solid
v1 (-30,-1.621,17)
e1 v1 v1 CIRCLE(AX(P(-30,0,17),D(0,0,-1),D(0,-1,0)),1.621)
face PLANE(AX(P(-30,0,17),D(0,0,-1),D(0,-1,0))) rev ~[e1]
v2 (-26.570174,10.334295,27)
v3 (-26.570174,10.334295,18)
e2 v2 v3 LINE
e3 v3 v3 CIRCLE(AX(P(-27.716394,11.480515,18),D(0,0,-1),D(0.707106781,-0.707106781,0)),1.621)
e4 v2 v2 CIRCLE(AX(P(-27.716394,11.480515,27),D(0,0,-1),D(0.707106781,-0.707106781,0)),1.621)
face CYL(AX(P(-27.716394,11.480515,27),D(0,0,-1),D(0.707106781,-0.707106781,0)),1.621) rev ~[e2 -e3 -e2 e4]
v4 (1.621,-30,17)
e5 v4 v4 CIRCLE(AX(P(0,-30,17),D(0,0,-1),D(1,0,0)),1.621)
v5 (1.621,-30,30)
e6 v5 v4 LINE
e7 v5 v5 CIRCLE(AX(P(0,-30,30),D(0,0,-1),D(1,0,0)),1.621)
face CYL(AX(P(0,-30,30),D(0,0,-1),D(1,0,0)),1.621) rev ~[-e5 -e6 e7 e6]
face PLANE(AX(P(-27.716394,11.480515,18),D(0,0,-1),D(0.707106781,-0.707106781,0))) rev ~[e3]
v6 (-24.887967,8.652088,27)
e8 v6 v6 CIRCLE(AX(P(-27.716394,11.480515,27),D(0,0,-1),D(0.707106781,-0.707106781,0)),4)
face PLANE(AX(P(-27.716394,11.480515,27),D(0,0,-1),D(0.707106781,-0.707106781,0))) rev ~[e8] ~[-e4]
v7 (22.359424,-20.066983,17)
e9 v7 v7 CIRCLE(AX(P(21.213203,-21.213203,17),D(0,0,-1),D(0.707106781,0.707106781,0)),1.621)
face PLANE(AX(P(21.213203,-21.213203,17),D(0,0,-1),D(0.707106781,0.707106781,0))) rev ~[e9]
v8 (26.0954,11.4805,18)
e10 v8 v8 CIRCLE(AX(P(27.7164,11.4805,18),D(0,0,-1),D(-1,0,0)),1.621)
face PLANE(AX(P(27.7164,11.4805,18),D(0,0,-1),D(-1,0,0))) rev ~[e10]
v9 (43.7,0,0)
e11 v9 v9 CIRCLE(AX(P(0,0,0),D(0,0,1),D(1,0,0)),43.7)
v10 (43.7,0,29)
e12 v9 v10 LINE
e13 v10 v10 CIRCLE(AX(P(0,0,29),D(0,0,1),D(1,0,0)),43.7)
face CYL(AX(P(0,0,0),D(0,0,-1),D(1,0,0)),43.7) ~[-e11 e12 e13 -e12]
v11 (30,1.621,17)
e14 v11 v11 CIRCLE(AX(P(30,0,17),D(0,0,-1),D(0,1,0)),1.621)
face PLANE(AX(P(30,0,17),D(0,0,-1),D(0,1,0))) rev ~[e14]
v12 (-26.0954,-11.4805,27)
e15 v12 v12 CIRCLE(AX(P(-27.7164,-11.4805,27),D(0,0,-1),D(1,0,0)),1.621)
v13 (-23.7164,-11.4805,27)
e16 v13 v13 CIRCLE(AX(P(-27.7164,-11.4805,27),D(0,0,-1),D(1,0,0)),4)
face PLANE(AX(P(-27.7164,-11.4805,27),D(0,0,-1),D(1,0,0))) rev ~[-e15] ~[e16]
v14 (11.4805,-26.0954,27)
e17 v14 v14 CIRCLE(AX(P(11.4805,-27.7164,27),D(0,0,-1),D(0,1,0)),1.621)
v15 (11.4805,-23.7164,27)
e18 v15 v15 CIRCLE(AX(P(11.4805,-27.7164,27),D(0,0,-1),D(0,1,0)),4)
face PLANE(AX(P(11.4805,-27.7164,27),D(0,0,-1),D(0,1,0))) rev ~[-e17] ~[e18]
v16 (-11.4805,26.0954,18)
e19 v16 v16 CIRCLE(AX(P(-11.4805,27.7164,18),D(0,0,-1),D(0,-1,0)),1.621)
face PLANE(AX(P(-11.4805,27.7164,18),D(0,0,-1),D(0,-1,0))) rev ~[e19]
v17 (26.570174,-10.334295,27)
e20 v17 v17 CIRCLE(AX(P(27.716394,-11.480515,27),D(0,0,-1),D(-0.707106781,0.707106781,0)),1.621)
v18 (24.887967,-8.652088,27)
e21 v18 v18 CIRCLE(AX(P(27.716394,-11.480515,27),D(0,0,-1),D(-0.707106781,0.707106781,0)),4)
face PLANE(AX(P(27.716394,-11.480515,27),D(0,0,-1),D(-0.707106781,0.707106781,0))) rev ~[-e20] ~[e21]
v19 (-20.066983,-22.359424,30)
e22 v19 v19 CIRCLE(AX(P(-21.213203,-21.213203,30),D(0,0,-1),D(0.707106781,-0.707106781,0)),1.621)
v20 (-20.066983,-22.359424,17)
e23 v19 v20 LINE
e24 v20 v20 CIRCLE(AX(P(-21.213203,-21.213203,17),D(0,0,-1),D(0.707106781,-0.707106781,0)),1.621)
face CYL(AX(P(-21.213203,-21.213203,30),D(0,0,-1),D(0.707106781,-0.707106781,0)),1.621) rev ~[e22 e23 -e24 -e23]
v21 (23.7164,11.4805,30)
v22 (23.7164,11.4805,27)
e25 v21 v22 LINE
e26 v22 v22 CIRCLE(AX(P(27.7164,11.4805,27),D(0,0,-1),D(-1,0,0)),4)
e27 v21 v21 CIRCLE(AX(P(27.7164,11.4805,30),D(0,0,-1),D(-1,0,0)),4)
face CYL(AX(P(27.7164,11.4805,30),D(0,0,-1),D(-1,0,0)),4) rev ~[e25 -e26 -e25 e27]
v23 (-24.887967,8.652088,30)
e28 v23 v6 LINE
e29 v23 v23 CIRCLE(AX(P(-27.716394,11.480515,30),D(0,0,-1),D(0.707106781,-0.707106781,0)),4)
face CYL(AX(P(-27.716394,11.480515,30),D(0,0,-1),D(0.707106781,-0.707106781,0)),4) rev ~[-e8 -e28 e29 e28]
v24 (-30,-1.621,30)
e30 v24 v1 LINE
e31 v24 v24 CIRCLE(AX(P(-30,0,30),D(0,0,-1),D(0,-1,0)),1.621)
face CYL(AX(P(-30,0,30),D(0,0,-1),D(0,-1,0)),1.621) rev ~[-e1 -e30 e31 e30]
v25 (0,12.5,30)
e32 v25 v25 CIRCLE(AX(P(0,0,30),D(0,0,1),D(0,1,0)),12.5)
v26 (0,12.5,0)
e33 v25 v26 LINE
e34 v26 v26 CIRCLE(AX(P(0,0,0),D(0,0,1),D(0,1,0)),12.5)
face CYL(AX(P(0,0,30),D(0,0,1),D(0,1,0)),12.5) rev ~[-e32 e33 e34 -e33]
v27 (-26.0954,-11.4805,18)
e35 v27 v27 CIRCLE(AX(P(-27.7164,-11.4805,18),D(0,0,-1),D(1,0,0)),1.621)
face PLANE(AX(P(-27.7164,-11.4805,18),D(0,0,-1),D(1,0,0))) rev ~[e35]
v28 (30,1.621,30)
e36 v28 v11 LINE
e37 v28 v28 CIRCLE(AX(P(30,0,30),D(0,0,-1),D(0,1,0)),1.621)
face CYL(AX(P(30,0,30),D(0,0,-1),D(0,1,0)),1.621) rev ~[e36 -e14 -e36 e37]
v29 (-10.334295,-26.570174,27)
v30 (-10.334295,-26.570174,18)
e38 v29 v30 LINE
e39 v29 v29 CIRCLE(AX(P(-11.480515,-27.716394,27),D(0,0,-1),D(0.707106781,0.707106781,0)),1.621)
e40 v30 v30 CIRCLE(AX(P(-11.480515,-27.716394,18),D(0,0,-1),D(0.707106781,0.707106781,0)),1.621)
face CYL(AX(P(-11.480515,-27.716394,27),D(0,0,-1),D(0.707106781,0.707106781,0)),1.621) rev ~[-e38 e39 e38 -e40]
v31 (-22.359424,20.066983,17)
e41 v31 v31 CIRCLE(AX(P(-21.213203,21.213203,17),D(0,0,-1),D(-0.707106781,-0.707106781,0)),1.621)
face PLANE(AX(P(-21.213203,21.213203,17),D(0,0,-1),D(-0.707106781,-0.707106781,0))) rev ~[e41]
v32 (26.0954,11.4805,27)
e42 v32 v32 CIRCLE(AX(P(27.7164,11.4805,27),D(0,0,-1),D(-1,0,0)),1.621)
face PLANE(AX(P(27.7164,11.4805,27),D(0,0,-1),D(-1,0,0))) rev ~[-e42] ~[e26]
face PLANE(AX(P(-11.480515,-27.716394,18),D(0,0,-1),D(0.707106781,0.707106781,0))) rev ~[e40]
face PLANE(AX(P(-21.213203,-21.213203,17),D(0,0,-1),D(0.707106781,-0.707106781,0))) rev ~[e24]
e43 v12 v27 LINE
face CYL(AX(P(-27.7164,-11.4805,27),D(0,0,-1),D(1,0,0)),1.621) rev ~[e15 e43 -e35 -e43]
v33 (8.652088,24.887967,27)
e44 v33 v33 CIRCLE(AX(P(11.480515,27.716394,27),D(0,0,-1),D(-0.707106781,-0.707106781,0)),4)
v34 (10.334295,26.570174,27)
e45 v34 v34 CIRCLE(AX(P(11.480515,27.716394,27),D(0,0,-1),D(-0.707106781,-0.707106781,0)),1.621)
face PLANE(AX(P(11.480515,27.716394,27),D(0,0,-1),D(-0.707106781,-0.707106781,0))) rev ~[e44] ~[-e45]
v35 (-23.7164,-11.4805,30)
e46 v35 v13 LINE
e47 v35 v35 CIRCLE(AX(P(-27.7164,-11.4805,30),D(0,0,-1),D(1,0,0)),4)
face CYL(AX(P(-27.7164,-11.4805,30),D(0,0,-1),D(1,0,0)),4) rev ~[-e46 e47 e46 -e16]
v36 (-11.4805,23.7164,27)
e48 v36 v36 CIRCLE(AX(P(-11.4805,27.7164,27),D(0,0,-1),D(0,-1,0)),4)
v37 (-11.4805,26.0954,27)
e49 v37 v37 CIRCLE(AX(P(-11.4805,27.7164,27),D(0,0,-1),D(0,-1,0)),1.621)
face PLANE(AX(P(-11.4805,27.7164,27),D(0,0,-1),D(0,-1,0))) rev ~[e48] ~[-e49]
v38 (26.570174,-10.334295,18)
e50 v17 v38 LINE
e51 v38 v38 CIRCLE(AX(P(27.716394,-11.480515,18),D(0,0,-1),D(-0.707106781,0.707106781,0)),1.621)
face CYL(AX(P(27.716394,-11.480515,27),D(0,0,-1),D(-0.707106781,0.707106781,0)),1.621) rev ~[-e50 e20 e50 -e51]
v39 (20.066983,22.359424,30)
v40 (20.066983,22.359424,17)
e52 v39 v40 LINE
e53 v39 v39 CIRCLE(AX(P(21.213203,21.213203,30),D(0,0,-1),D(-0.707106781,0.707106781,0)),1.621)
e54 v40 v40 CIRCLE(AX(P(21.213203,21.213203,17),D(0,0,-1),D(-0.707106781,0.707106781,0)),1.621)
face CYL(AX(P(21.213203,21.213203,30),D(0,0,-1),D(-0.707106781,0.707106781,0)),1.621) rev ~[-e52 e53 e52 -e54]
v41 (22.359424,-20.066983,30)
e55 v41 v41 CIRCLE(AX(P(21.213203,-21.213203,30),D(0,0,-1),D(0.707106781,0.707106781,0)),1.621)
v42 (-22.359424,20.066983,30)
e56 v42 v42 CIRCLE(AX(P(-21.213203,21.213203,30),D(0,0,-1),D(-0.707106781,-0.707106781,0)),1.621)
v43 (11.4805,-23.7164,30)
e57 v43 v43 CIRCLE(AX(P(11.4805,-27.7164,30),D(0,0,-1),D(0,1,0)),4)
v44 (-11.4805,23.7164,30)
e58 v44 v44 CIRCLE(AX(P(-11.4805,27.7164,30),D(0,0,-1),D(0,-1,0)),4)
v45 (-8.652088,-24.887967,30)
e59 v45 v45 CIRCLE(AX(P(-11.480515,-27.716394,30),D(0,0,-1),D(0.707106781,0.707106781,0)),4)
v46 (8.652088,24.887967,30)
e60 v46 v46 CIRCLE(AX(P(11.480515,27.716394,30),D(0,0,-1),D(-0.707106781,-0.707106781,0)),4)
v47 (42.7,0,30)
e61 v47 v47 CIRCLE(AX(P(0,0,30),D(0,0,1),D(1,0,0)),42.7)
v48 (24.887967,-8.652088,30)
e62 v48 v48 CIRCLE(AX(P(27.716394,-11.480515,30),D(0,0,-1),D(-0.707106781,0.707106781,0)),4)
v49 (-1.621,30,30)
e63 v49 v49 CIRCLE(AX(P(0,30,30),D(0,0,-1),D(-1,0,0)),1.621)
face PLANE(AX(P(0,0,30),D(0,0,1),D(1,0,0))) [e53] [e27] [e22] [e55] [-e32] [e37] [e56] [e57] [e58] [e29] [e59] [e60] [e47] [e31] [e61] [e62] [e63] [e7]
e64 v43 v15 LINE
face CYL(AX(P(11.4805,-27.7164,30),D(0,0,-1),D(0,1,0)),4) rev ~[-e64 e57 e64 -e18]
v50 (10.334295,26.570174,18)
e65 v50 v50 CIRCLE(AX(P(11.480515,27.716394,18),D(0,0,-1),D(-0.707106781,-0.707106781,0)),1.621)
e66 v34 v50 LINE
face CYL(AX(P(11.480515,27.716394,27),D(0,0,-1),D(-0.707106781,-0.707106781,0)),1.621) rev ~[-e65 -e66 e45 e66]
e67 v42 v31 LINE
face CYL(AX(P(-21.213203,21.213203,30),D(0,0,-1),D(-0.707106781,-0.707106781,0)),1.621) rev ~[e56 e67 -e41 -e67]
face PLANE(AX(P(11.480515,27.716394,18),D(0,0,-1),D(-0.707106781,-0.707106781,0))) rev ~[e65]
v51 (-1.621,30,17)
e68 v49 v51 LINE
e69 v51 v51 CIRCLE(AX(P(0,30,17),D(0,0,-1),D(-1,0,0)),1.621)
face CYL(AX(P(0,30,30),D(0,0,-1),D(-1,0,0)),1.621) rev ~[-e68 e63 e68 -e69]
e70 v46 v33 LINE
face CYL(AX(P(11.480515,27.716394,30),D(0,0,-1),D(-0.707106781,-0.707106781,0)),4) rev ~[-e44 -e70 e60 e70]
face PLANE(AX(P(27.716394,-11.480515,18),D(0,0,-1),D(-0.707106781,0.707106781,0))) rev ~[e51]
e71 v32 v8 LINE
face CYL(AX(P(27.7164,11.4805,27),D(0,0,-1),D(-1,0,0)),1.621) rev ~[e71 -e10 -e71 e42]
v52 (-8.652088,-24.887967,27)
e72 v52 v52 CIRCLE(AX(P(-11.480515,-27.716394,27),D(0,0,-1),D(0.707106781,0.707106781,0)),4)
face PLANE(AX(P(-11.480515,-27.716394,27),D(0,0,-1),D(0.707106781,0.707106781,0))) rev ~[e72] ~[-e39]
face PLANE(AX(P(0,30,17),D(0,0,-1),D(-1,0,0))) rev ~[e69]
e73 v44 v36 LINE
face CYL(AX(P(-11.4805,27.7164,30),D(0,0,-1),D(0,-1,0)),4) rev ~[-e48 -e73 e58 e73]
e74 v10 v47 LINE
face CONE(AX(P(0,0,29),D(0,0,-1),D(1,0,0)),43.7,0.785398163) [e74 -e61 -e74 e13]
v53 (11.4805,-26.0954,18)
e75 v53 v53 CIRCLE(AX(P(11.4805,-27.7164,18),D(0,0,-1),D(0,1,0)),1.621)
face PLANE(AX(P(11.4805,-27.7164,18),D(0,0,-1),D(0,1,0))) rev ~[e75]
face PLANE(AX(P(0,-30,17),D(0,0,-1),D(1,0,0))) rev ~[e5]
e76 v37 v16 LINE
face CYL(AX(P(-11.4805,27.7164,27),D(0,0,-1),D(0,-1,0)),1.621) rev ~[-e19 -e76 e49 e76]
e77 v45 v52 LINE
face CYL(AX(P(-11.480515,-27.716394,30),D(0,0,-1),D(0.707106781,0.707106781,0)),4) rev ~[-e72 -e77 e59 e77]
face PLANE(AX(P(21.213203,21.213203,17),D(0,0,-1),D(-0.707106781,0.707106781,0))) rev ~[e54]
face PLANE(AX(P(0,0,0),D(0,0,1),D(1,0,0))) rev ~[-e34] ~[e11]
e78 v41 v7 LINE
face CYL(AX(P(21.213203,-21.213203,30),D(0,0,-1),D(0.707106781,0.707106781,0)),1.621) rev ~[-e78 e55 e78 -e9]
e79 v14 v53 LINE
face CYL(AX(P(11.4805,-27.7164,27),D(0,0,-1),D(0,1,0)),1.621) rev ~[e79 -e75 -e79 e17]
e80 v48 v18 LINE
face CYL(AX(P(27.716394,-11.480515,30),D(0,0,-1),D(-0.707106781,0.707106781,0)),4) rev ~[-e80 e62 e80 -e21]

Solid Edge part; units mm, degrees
sketch "Sketch1" plane through (60.3162, 60.3162, 0) normal (0, 0, 1) x (1, 0, 0)
  circle A0 centre (-60.3162, -60.3162) radius 43.7
extrude "Protrusion1" add sketch "Sketch1" along normal blind 30
hole "Bohrung_1" at (-30, 0, 30) direction (0, 0, -1) diameter 3.242 depth 13 thread major 4 thread length 8
pattern_circular "Pattern1" count 8 over 360 about axis through (0, 0, 30) along (0, 0, -1) of "Bohrung_1"
sketch "Sketch2" plane through (0, 0, 30) normal (0, 0, 1) x (0, 1, 0)
  circle A0 centre (0, 0) radius 12.5
  dimension "D1" = 25
extrude "Cutout1" cut sketch "Sketch2" against normal up to next
hole "Bohrung_2" at (-11.4805, 27.7164, 30) direction (0, 0, -1) diameter 3.242 depth 12 counterbore diameter 8 counterbore depth 3 thread major 4 thread length 10
pattern_circular "Pattern3" count 8 over 360 about axis through (0, 0, 30) along (0, 0, 1) of "Bohrung_2"
chamfer "Fase_1" distance 1 angle 45 1 edges at (-43.7, 0, 30)
